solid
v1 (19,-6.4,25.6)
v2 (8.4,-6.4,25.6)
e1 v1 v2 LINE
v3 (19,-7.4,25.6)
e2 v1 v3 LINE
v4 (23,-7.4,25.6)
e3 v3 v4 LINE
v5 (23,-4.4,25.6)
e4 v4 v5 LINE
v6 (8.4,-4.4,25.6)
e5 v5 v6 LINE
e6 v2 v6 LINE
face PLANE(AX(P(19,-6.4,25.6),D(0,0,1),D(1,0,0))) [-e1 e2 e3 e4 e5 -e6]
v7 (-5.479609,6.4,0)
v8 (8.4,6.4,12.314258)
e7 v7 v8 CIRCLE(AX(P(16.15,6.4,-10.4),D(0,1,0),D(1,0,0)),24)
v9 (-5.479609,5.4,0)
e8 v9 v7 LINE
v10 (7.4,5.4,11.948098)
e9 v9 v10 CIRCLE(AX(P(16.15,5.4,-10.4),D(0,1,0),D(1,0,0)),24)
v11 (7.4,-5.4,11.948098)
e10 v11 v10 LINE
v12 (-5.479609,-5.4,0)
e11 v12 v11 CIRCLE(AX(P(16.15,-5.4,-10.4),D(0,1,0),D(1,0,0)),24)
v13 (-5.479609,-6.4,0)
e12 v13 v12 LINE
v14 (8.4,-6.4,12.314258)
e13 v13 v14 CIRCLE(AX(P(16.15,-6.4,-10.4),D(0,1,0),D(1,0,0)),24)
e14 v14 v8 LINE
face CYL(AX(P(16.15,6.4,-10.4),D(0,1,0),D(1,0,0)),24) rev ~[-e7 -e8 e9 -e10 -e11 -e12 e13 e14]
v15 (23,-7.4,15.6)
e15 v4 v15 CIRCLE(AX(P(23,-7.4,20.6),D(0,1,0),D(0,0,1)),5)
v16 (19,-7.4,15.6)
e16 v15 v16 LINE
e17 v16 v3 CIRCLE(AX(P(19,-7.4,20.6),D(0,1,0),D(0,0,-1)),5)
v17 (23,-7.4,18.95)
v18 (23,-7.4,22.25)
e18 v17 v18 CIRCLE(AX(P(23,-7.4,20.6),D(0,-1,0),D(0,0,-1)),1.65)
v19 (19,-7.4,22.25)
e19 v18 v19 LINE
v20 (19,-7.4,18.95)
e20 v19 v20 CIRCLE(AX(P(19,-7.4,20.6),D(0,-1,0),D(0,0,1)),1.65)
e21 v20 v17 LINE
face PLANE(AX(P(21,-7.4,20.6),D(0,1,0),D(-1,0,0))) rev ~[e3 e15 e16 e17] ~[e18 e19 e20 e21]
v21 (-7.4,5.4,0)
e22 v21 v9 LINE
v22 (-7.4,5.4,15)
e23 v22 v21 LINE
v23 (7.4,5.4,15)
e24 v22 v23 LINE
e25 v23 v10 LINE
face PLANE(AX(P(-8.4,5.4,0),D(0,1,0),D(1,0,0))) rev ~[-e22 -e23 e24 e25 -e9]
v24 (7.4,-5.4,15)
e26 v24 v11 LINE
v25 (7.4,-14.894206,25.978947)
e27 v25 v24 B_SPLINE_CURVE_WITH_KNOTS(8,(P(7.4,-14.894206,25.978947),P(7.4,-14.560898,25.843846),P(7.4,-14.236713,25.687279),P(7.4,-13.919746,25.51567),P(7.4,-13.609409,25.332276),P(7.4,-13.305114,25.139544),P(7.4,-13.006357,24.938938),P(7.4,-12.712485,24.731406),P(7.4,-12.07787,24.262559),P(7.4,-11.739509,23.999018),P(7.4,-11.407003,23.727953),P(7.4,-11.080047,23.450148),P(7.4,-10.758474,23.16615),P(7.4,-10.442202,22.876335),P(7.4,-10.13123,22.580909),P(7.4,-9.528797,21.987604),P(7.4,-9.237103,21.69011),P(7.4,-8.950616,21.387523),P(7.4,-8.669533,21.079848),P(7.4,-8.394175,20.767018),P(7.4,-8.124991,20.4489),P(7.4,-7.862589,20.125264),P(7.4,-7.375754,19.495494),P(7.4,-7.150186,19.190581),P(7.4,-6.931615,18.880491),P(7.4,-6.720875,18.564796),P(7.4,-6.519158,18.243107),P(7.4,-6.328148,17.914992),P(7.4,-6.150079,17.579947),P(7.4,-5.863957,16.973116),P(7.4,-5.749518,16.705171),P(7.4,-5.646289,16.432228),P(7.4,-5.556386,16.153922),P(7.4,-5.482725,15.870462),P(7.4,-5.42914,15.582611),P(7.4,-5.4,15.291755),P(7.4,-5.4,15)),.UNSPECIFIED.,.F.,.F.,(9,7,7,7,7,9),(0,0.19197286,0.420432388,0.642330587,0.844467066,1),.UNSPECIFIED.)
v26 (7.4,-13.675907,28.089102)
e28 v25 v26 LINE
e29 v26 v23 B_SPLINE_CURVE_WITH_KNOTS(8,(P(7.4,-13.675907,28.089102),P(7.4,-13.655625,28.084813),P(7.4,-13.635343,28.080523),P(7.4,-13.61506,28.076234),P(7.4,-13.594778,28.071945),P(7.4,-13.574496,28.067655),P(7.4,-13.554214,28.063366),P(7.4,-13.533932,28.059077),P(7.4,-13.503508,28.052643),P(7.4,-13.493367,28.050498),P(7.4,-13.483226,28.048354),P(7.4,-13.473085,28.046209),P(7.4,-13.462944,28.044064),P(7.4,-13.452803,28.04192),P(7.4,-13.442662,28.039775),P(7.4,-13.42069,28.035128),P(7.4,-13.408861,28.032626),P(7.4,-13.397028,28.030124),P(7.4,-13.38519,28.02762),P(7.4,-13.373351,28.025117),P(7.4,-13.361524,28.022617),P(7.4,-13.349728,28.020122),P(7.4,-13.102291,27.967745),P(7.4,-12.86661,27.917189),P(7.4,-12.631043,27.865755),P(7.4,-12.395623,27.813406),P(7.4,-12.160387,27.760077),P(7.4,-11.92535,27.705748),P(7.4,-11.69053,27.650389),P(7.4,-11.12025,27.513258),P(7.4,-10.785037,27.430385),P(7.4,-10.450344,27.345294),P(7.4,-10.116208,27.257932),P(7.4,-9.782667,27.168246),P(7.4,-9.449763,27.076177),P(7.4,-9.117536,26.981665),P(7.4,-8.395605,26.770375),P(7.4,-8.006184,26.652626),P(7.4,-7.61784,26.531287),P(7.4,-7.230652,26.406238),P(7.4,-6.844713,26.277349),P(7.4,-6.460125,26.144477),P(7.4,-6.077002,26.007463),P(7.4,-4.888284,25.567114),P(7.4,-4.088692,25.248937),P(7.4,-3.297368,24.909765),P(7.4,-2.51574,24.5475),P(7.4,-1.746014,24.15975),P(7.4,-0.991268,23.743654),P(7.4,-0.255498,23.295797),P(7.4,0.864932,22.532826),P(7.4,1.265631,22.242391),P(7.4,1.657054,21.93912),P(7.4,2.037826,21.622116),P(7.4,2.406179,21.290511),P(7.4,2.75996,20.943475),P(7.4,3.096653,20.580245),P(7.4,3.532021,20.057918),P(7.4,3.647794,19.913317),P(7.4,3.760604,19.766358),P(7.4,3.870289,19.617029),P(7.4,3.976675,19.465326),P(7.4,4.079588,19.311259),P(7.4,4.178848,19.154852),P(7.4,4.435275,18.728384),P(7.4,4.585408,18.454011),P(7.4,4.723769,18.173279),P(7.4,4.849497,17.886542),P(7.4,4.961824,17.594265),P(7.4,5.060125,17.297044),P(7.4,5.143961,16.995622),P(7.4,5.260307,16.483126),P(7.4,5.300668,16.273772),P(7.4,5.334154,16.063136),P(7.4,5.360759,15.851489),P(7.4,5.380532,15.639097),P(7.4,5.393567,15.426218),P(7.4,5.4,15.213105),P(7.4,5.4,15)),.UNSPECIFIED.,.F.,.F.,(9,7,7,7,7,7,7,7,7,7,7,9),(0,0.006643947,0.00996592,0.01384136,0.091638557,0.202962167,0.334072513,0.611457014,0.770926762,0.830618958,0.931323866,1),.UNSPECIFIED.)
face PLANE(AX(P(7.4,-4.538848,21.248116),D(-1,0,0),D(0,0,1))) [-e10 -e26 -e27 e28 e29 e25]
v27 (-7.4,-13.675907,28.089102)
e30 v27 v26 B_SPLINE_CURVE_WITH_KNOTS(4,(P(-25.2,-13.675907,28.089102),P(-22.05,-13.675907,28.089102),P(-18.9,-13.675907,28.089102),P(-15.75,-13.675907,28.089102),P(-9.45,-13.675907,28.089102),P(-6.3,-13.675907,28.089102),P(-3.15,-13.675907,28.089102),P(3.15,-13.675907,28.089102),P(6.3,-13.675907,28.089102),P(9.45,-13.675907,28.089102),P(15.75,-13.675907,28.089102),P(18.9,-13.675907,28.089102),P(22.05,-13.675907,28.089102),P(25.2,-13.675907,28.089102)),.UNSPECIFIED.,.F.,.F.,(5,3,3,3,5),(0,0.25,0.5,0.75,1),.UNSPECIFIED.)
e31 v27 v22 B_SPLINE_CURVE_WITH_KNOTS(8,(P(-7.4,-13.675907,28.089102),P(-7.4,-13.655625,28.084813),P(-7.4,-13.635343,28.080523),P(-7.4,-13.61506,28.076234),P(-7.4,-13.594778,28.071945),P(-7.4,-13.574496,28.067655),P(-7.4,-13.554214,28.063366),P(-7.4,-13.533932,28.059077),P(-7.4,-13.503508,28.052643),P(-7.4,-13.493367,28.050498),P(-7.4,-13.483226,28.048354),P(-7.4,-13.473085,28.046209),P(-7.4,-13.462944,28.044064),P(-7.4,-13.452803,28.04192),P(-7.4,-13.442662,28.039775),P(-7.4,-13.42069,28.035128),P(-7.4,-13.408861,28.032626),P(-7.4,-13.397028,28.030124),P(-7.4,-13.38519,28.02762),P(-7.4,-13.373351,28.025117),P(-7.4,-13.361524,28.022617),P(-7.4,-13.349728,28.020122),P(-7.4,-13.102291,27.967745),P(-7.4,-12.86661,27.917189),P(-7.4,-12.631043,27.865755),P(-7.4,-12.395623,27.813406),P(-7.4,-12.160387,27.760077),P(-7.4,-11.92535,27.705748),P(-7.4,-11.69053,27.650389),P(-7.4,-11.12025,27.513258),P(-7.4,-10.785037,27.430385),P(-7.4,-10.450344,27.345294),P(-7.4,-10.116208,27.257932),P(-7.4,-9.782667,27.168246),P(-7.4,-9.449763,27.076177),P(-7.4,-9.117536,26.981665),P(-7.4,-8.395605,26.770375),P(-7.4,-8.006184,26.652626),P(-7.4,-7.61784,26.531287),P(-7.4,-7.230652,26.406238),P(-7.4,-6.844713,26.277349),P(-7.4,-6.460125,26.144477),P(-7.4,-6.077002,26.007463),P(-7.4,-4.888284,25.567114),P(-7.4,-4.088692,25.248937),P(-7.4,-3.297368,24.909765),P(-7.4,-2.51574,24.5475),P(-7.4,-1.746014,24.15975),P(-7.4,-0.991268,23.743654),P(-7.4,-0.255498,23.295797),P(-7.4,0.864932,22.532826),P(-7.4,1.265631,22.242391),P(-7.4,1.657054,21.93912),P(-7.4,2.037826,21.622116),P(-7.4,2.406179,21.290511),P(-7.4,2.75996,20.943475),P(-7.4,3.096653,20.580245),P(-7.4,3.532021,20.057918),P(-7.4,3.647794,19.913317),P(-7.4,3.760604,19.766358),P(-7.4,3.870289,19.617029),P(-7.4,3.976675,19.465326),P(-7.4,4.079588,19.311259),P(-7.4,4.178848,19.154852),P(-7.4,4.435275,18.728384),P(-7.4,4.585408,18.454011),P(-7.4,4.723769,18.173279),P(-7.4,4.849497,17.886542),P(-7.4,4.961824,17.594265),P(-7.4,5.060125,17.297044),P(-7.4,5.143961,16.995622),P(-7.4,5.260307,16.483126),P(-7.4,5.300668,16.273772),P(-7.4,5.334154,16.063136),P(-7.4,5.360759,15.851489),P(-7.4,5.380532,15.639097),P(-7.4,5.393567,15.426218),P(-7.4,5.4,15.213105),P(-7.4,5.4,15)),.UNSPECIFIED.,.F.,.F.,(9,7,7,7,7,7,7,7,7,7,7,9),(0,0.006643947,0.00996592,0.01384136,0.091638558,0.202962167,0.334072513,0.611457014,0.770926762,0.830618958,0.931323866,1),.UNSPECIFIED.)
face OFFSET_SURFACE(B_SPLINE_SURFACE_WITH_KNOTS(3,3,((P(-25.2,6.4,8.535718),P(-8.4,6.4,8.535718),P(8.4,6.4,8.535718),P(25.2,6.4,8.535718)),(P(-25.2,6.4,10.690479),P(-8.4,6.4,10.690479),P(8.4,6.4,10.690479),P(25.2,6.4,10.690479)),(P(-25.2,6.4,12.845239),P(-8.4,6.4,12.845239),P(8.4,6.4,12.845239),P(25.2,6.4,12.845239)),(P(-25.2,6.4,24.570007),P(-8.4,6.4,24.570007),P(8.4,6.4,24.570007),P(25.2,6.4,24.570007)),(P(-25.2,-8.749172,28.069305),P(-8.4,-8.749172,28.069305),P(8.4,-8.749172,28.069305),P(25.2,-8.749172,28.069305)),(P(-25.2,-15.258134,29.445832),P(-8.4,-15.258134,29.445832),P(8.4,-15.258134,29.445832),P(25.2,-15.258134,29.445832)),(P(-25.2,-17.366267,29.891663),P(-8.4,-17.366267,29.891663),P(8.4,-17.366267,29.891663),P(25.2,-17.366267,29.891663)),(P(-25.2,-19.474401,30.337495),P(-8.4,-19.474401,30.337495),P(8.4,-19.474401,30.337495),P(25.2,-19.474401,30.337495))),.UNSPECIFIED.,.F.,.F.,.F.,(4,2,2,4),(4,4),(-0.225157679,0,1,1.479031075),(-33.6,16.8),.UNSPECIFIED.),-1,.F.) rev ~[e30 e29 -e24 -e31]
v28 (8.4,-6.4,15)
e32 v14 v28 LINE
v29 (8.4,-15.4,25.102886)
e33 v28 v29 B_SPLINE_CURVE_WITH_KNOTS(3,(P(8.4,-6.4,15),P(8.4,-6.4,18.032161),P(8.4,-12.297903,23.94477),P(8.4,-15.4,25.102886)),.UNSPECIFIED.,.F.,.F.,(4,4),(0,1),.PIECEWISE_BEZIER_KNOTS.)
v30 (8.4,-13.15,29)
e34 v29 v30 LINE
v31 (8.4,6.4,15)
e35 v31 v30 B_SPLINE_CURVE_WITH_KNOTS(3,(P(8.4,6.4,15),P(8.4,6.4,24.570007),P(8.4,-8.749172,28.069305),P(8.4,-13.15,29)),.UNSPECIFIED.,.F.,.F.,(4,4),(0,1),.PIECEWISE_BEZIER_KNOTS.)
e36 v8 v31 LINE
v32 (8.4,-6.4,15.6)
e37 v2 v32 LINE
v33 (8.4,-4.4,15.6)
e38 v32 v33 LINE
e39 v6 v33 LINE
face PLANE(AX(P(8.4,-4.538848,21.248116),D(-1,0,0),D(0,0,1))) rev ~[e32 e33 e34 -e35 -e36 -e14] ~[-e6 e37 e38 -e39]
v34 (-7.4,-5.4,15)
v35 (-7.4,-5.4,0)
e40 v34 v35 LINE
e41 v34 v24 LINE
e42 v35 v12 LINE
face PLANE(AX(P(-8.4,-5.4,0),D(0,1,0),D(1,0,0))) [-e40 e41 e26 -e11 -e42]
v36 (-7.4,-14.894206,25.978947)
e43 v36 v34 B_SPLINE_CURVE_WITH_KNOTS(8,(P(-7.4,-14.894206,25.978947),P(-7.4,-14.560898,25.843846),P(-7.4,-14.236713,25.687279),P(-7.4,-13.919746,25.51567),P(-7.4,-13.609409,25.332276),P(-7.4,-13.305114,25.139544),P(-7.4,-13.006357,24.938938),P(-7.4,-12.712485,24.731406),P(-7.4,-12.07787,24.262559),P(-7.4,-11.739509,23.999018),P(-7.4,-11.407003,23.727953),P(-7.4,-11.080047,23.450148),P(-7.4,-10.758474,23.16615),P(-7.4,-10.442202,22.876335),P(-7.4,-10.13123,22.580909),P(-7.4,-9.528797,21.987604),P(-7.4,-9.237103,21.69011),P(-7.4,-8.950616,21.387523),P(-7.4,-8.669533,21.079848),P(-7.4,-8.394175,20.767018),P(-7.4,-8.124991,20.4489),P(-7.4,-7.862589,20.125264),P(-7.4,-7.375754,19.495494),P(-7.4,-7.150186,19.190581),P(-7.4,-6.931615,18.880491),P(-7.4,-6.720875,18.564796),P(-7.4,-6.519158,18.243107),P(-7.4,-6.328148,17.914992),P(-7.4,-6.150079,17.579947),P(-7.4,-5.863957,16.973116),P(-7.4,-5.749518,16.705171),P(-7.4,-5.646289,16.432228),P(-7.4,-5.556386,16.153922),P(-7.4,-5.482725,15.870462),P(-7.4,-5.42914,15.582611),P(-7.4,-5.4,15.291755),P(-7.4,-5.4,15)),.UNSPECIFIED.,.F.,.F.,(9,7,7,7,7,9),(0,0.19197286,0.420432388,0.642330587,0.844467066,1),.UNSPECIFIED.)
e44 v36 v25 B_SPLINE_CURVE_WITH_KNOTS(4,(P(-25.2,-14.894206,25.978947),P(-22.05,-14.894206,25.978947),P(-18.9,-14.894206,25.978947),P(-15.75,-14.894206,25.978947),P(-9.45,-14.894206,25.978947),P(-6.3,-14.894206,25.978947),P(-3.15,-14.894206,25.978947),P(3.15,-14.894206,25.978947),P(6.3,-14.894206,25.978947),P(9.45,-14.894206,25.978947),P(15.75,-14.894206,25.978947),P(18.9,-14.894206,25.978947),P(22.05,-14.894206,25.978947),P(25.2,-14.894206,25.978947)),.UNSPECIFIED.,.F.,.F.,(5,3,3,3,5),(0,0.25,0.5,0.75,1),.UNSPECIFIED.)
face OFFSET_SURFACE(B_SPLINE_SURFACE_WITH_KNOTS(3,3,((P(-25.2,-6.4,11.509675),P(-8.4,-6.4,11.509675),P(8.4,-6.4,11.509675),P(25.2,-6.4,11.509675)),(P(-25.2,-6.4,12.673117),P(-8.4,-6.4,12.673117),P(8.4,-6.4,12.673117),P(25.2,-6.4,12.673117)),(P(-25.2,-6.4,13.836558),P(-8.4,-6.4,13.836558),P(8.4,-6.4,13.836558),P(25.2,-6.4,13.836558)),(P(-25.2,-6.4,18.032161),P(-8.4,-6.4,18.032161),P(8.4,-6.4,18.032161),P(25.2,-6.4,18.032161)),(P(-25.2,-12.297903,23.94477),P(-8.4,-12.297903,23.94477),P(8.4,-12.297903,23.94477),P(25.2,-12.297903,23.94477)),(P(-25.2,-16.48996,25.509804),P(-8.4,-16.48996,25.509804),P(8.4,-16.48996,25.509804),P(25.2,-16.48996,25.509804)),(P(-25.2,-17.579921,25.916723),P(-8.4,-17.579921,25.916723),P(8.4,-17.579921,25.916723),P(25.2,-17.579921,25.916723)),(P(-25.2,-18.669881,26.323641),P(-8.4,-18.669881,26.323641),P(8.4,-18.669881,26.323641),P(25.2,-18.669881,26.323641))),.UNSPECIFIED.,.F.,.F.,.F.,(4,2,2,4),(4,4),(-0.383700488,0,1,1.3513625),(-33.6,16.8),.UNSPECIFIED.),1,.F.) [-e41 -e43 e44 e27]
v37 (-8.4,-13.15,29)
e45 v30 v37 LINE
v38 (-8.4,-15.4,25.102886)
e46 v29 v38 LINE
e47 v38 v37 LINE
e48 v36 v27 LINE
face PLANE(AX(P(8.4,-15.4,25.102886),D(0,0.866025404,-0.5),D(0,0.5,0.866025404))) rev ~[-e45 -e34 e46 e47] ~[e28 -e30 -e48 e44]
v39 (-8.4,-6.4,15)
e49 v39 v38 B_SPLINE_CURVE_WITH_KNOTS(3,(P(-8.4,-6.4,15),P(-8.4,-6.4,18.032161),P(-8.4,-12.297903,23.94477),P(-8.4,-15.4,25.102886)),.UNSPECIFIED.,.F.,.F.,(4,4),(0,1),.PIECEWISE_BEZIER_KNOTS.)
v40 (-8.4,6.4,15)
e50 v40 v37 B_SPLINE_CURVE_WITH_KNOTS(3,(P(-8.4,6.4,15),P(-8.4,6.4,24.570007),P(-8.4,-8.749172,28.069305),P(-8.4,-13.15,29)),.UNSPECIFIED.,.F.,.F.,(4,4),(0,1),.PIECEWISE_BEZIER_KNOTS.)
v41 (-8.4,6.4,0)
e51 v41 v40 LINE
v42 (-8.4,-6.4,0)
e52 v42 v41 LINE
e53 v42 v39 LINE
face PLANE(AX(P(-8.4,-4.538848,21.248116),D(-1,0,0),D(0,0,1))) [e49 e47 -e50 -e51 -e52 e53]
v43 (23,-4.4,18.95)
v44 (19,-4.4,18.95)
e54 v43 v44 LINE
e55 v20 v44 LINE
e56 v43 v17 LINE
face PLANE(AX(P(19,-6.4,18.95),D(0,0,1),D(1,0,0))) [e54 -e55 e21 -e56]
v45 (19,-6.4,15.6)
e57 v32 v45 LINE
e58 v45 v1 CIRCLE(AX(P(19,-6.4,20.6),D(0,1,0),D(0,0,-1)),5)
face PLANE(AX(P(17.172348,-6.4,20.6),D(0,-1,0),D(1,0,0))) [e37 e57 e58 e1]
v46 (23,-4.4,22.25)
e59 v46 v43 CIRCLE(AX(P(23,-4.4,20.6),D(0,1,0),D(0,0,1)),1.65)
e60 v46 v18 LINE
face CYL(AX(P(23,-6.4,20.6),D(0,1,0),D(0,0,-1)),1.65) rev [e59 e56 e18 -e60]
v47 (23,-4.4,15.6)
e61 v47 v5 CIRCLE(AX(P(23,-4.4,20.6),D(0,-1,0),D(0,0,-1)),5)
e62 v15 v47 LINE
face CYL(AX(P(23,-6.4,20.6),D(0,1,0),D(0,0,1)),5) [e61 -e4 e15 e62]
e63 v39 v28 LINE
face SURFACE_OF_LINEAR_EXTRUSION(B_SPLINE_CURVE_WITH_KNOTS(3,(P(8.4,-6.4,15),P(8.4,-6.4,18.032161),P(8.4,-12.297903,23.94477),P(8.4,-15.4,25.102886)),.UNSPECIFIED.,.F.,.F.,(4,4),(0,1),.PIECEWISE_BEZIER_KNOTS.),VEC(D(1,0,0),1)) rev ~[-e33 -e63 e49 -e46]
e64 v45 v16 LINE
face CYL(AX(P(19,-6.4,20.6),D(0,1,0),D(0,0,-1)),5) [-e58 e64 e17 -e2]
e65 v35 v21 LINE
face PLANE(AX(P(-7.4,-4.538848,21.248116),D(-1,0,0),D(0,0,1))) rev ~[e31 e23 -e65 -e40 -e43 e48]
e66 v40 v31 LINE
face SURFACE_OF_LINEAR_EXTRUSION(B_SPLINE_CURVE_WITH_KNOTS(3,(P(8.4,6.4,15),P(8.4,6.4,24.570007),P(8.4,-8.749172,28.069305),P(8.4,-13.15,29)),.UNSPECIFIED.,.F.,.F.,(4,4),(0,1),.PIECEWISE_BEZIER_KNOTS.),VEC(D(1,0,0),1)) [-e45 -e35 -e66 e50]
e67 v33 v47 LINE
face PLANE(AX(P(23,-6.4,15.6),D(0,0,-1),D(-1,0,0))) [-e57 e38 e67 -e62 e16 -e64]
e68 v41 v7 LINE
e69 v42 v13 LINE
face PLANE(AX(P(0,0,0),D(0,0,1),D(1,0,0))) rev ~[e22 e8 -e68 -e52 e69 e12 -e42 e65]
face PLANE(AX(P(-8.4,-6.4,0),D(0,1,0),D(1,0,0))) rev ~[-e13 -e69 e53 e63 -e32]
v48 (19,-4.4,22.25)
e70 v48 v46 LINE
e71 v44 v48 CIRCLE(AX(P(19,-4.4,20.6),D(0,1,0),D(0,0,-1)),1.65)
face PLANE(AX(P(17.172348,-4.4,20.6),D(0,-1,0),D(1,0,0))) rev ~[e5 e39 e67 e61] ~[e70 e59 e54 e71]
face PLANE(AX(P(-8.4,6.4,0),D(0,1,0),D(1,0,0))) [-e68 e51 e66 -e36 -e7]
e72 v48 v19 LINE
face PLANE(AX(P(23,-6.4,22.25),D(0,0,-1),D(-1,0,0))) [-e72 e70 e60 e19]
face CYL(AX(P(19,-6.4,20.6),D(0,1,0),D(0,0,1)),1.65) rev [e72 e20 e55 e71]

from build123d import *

# Parameters (mm, degrees)
ESBO_O1_W                = 16.8
ESBO_O1_H                = 12.8
RESSALTO_EXTRUS_O1_DEPTH = 15
RESSALTO_EXTRUS_O2_DEPTH = 16.8
CASCA1_T                 = -1
ESBO_O5_R                = 24
CORTE_EXTRUS_O1_DEPTH    = 22.8000001
RESSALTO_EXTRUS_O3_DEPTH = 2
RESSALTO_EXTRUS_O4_DEPTH = 1


with BuildPart() as part:
    # Esboço1 → Ressalto-extrusão1 (new body)
    with BuildSketch(Plane.XY):
        Rectangle(ESBO_O1_W, ESBO_O1_H)
    extrude(amount=RESSALTO_EXTRUS_O1_DEPTH)

    # Esboço2 → Ressalto-extrusão2 (add, through all)
    with BuildSketch(Plane(origin=(8.4, 0, 0), x_dir=(0, 0, -1), z_dir=(1, 0, 0))):
        with BuildLine():
            Line((-25.102885683, -15.4), (-29, -13.15))
            add(Edge.make_bspline(
                [(-15, 6.4), (-24.5700068, 6.4), (-28.06930524, -8.749171672), (-29, -13.15)],
                knots=[0, 0, 0, 0, 1, 1, 1, 1], degree=3))
            Line((-15, 6.4), (-15, -6.4))
            add(Edge.make_bspline(
                [(-15, -6.4), (-18.032161103, -6.4), (-23.944769552, -12.297903221), (-25.102885683, -15.4)],
                knots=[0, 0, 0, 0, 1, 1, 1, 1], degree=3))
        make_face()
    extrude(amount=-RESSALTO_EXTRUS_O2_DEPTH)

    # Casca1
    casca1_openings = [part.faces().sort_by_distance(p)[0] for p in [
        (0, -14.275, 27.051442841),
        (0, 0, 0),
    ]]
    offset(amount=CASCA1_T, openings=casca1_openings)

    # Esboço5 → Corte-extrusão1 (cut, through all)
    with BuildSketch(Plane(origin=(0, 6.4, 0), x_dir=(1, 0, 0), z_dir=(0, 1, 0))):
        with Locations((16.15, 10.4)):
            Circle(ESBO_O5_R)
    extrude(amount=-CORTE_EXTRUS_O1_DEPTH, mode=Mode.SUBTRACT)

    # Esboço6 → Ressalto-extrusão3 (add)
    with BuildSketch(Plane.XZ.offset(6.4)):
        with BuildLine():
            Line((23, 25.6), (8.4, 25.6))
            Line((8.4, 25.6), (8.4, 15.6))
            Line((8.4, 15.6), (23, 15.6))
            ThreePointArc((23, 15.6), (28, 20.6), (23, 25.6))
        make_face()
        with BuildLine():
            Line((19, 22.25), (23, 22.25))
            ThreePointArc((23, 22.25), (24.65, 20.6), (23, 18.95))
            Line((23, 18.95), (19, 18.95))
            ThreePointArc((19, 18.95), (17.35, 20.6), (19, 22.25))
        make_face(mode=Mode.SUBTRACT)
    extrude(amount=-RESSALTO_EXTRUS_O3_DEPTH)

    # Esboço7 → Ressalto-extrusão4 (add)
    with BuildSketch(Plane.XZ.offset(6.4)):
        with BuildLine():
            Line((19, 25.6), (23, 25.6))
            ThreePointArc((23, 25.6), (28, 20.6), (23, 15.6))
            Line((23, 15.6), (19, 15.6))
            ThreePointArc((19, 15.6), (14, 20.6), (19, 25.6))
        make_face()
        with BuildLine():
            Line((19, 18.95), (23, 18.95))
            ThreePointArc((23, 18.95), (24.65, 20.6), (23, 22.25))
            Line((23, 22.25), (19, 22.25))
            ThreePointArc((19, 22.25), (17.35, 20.6), (19, 18.95))
        make_face(mode=Mode.SUBTRACT)
    extrude(amount=RESSALTO_EXTRUS_O4_DEPTH)


solid = part.part
